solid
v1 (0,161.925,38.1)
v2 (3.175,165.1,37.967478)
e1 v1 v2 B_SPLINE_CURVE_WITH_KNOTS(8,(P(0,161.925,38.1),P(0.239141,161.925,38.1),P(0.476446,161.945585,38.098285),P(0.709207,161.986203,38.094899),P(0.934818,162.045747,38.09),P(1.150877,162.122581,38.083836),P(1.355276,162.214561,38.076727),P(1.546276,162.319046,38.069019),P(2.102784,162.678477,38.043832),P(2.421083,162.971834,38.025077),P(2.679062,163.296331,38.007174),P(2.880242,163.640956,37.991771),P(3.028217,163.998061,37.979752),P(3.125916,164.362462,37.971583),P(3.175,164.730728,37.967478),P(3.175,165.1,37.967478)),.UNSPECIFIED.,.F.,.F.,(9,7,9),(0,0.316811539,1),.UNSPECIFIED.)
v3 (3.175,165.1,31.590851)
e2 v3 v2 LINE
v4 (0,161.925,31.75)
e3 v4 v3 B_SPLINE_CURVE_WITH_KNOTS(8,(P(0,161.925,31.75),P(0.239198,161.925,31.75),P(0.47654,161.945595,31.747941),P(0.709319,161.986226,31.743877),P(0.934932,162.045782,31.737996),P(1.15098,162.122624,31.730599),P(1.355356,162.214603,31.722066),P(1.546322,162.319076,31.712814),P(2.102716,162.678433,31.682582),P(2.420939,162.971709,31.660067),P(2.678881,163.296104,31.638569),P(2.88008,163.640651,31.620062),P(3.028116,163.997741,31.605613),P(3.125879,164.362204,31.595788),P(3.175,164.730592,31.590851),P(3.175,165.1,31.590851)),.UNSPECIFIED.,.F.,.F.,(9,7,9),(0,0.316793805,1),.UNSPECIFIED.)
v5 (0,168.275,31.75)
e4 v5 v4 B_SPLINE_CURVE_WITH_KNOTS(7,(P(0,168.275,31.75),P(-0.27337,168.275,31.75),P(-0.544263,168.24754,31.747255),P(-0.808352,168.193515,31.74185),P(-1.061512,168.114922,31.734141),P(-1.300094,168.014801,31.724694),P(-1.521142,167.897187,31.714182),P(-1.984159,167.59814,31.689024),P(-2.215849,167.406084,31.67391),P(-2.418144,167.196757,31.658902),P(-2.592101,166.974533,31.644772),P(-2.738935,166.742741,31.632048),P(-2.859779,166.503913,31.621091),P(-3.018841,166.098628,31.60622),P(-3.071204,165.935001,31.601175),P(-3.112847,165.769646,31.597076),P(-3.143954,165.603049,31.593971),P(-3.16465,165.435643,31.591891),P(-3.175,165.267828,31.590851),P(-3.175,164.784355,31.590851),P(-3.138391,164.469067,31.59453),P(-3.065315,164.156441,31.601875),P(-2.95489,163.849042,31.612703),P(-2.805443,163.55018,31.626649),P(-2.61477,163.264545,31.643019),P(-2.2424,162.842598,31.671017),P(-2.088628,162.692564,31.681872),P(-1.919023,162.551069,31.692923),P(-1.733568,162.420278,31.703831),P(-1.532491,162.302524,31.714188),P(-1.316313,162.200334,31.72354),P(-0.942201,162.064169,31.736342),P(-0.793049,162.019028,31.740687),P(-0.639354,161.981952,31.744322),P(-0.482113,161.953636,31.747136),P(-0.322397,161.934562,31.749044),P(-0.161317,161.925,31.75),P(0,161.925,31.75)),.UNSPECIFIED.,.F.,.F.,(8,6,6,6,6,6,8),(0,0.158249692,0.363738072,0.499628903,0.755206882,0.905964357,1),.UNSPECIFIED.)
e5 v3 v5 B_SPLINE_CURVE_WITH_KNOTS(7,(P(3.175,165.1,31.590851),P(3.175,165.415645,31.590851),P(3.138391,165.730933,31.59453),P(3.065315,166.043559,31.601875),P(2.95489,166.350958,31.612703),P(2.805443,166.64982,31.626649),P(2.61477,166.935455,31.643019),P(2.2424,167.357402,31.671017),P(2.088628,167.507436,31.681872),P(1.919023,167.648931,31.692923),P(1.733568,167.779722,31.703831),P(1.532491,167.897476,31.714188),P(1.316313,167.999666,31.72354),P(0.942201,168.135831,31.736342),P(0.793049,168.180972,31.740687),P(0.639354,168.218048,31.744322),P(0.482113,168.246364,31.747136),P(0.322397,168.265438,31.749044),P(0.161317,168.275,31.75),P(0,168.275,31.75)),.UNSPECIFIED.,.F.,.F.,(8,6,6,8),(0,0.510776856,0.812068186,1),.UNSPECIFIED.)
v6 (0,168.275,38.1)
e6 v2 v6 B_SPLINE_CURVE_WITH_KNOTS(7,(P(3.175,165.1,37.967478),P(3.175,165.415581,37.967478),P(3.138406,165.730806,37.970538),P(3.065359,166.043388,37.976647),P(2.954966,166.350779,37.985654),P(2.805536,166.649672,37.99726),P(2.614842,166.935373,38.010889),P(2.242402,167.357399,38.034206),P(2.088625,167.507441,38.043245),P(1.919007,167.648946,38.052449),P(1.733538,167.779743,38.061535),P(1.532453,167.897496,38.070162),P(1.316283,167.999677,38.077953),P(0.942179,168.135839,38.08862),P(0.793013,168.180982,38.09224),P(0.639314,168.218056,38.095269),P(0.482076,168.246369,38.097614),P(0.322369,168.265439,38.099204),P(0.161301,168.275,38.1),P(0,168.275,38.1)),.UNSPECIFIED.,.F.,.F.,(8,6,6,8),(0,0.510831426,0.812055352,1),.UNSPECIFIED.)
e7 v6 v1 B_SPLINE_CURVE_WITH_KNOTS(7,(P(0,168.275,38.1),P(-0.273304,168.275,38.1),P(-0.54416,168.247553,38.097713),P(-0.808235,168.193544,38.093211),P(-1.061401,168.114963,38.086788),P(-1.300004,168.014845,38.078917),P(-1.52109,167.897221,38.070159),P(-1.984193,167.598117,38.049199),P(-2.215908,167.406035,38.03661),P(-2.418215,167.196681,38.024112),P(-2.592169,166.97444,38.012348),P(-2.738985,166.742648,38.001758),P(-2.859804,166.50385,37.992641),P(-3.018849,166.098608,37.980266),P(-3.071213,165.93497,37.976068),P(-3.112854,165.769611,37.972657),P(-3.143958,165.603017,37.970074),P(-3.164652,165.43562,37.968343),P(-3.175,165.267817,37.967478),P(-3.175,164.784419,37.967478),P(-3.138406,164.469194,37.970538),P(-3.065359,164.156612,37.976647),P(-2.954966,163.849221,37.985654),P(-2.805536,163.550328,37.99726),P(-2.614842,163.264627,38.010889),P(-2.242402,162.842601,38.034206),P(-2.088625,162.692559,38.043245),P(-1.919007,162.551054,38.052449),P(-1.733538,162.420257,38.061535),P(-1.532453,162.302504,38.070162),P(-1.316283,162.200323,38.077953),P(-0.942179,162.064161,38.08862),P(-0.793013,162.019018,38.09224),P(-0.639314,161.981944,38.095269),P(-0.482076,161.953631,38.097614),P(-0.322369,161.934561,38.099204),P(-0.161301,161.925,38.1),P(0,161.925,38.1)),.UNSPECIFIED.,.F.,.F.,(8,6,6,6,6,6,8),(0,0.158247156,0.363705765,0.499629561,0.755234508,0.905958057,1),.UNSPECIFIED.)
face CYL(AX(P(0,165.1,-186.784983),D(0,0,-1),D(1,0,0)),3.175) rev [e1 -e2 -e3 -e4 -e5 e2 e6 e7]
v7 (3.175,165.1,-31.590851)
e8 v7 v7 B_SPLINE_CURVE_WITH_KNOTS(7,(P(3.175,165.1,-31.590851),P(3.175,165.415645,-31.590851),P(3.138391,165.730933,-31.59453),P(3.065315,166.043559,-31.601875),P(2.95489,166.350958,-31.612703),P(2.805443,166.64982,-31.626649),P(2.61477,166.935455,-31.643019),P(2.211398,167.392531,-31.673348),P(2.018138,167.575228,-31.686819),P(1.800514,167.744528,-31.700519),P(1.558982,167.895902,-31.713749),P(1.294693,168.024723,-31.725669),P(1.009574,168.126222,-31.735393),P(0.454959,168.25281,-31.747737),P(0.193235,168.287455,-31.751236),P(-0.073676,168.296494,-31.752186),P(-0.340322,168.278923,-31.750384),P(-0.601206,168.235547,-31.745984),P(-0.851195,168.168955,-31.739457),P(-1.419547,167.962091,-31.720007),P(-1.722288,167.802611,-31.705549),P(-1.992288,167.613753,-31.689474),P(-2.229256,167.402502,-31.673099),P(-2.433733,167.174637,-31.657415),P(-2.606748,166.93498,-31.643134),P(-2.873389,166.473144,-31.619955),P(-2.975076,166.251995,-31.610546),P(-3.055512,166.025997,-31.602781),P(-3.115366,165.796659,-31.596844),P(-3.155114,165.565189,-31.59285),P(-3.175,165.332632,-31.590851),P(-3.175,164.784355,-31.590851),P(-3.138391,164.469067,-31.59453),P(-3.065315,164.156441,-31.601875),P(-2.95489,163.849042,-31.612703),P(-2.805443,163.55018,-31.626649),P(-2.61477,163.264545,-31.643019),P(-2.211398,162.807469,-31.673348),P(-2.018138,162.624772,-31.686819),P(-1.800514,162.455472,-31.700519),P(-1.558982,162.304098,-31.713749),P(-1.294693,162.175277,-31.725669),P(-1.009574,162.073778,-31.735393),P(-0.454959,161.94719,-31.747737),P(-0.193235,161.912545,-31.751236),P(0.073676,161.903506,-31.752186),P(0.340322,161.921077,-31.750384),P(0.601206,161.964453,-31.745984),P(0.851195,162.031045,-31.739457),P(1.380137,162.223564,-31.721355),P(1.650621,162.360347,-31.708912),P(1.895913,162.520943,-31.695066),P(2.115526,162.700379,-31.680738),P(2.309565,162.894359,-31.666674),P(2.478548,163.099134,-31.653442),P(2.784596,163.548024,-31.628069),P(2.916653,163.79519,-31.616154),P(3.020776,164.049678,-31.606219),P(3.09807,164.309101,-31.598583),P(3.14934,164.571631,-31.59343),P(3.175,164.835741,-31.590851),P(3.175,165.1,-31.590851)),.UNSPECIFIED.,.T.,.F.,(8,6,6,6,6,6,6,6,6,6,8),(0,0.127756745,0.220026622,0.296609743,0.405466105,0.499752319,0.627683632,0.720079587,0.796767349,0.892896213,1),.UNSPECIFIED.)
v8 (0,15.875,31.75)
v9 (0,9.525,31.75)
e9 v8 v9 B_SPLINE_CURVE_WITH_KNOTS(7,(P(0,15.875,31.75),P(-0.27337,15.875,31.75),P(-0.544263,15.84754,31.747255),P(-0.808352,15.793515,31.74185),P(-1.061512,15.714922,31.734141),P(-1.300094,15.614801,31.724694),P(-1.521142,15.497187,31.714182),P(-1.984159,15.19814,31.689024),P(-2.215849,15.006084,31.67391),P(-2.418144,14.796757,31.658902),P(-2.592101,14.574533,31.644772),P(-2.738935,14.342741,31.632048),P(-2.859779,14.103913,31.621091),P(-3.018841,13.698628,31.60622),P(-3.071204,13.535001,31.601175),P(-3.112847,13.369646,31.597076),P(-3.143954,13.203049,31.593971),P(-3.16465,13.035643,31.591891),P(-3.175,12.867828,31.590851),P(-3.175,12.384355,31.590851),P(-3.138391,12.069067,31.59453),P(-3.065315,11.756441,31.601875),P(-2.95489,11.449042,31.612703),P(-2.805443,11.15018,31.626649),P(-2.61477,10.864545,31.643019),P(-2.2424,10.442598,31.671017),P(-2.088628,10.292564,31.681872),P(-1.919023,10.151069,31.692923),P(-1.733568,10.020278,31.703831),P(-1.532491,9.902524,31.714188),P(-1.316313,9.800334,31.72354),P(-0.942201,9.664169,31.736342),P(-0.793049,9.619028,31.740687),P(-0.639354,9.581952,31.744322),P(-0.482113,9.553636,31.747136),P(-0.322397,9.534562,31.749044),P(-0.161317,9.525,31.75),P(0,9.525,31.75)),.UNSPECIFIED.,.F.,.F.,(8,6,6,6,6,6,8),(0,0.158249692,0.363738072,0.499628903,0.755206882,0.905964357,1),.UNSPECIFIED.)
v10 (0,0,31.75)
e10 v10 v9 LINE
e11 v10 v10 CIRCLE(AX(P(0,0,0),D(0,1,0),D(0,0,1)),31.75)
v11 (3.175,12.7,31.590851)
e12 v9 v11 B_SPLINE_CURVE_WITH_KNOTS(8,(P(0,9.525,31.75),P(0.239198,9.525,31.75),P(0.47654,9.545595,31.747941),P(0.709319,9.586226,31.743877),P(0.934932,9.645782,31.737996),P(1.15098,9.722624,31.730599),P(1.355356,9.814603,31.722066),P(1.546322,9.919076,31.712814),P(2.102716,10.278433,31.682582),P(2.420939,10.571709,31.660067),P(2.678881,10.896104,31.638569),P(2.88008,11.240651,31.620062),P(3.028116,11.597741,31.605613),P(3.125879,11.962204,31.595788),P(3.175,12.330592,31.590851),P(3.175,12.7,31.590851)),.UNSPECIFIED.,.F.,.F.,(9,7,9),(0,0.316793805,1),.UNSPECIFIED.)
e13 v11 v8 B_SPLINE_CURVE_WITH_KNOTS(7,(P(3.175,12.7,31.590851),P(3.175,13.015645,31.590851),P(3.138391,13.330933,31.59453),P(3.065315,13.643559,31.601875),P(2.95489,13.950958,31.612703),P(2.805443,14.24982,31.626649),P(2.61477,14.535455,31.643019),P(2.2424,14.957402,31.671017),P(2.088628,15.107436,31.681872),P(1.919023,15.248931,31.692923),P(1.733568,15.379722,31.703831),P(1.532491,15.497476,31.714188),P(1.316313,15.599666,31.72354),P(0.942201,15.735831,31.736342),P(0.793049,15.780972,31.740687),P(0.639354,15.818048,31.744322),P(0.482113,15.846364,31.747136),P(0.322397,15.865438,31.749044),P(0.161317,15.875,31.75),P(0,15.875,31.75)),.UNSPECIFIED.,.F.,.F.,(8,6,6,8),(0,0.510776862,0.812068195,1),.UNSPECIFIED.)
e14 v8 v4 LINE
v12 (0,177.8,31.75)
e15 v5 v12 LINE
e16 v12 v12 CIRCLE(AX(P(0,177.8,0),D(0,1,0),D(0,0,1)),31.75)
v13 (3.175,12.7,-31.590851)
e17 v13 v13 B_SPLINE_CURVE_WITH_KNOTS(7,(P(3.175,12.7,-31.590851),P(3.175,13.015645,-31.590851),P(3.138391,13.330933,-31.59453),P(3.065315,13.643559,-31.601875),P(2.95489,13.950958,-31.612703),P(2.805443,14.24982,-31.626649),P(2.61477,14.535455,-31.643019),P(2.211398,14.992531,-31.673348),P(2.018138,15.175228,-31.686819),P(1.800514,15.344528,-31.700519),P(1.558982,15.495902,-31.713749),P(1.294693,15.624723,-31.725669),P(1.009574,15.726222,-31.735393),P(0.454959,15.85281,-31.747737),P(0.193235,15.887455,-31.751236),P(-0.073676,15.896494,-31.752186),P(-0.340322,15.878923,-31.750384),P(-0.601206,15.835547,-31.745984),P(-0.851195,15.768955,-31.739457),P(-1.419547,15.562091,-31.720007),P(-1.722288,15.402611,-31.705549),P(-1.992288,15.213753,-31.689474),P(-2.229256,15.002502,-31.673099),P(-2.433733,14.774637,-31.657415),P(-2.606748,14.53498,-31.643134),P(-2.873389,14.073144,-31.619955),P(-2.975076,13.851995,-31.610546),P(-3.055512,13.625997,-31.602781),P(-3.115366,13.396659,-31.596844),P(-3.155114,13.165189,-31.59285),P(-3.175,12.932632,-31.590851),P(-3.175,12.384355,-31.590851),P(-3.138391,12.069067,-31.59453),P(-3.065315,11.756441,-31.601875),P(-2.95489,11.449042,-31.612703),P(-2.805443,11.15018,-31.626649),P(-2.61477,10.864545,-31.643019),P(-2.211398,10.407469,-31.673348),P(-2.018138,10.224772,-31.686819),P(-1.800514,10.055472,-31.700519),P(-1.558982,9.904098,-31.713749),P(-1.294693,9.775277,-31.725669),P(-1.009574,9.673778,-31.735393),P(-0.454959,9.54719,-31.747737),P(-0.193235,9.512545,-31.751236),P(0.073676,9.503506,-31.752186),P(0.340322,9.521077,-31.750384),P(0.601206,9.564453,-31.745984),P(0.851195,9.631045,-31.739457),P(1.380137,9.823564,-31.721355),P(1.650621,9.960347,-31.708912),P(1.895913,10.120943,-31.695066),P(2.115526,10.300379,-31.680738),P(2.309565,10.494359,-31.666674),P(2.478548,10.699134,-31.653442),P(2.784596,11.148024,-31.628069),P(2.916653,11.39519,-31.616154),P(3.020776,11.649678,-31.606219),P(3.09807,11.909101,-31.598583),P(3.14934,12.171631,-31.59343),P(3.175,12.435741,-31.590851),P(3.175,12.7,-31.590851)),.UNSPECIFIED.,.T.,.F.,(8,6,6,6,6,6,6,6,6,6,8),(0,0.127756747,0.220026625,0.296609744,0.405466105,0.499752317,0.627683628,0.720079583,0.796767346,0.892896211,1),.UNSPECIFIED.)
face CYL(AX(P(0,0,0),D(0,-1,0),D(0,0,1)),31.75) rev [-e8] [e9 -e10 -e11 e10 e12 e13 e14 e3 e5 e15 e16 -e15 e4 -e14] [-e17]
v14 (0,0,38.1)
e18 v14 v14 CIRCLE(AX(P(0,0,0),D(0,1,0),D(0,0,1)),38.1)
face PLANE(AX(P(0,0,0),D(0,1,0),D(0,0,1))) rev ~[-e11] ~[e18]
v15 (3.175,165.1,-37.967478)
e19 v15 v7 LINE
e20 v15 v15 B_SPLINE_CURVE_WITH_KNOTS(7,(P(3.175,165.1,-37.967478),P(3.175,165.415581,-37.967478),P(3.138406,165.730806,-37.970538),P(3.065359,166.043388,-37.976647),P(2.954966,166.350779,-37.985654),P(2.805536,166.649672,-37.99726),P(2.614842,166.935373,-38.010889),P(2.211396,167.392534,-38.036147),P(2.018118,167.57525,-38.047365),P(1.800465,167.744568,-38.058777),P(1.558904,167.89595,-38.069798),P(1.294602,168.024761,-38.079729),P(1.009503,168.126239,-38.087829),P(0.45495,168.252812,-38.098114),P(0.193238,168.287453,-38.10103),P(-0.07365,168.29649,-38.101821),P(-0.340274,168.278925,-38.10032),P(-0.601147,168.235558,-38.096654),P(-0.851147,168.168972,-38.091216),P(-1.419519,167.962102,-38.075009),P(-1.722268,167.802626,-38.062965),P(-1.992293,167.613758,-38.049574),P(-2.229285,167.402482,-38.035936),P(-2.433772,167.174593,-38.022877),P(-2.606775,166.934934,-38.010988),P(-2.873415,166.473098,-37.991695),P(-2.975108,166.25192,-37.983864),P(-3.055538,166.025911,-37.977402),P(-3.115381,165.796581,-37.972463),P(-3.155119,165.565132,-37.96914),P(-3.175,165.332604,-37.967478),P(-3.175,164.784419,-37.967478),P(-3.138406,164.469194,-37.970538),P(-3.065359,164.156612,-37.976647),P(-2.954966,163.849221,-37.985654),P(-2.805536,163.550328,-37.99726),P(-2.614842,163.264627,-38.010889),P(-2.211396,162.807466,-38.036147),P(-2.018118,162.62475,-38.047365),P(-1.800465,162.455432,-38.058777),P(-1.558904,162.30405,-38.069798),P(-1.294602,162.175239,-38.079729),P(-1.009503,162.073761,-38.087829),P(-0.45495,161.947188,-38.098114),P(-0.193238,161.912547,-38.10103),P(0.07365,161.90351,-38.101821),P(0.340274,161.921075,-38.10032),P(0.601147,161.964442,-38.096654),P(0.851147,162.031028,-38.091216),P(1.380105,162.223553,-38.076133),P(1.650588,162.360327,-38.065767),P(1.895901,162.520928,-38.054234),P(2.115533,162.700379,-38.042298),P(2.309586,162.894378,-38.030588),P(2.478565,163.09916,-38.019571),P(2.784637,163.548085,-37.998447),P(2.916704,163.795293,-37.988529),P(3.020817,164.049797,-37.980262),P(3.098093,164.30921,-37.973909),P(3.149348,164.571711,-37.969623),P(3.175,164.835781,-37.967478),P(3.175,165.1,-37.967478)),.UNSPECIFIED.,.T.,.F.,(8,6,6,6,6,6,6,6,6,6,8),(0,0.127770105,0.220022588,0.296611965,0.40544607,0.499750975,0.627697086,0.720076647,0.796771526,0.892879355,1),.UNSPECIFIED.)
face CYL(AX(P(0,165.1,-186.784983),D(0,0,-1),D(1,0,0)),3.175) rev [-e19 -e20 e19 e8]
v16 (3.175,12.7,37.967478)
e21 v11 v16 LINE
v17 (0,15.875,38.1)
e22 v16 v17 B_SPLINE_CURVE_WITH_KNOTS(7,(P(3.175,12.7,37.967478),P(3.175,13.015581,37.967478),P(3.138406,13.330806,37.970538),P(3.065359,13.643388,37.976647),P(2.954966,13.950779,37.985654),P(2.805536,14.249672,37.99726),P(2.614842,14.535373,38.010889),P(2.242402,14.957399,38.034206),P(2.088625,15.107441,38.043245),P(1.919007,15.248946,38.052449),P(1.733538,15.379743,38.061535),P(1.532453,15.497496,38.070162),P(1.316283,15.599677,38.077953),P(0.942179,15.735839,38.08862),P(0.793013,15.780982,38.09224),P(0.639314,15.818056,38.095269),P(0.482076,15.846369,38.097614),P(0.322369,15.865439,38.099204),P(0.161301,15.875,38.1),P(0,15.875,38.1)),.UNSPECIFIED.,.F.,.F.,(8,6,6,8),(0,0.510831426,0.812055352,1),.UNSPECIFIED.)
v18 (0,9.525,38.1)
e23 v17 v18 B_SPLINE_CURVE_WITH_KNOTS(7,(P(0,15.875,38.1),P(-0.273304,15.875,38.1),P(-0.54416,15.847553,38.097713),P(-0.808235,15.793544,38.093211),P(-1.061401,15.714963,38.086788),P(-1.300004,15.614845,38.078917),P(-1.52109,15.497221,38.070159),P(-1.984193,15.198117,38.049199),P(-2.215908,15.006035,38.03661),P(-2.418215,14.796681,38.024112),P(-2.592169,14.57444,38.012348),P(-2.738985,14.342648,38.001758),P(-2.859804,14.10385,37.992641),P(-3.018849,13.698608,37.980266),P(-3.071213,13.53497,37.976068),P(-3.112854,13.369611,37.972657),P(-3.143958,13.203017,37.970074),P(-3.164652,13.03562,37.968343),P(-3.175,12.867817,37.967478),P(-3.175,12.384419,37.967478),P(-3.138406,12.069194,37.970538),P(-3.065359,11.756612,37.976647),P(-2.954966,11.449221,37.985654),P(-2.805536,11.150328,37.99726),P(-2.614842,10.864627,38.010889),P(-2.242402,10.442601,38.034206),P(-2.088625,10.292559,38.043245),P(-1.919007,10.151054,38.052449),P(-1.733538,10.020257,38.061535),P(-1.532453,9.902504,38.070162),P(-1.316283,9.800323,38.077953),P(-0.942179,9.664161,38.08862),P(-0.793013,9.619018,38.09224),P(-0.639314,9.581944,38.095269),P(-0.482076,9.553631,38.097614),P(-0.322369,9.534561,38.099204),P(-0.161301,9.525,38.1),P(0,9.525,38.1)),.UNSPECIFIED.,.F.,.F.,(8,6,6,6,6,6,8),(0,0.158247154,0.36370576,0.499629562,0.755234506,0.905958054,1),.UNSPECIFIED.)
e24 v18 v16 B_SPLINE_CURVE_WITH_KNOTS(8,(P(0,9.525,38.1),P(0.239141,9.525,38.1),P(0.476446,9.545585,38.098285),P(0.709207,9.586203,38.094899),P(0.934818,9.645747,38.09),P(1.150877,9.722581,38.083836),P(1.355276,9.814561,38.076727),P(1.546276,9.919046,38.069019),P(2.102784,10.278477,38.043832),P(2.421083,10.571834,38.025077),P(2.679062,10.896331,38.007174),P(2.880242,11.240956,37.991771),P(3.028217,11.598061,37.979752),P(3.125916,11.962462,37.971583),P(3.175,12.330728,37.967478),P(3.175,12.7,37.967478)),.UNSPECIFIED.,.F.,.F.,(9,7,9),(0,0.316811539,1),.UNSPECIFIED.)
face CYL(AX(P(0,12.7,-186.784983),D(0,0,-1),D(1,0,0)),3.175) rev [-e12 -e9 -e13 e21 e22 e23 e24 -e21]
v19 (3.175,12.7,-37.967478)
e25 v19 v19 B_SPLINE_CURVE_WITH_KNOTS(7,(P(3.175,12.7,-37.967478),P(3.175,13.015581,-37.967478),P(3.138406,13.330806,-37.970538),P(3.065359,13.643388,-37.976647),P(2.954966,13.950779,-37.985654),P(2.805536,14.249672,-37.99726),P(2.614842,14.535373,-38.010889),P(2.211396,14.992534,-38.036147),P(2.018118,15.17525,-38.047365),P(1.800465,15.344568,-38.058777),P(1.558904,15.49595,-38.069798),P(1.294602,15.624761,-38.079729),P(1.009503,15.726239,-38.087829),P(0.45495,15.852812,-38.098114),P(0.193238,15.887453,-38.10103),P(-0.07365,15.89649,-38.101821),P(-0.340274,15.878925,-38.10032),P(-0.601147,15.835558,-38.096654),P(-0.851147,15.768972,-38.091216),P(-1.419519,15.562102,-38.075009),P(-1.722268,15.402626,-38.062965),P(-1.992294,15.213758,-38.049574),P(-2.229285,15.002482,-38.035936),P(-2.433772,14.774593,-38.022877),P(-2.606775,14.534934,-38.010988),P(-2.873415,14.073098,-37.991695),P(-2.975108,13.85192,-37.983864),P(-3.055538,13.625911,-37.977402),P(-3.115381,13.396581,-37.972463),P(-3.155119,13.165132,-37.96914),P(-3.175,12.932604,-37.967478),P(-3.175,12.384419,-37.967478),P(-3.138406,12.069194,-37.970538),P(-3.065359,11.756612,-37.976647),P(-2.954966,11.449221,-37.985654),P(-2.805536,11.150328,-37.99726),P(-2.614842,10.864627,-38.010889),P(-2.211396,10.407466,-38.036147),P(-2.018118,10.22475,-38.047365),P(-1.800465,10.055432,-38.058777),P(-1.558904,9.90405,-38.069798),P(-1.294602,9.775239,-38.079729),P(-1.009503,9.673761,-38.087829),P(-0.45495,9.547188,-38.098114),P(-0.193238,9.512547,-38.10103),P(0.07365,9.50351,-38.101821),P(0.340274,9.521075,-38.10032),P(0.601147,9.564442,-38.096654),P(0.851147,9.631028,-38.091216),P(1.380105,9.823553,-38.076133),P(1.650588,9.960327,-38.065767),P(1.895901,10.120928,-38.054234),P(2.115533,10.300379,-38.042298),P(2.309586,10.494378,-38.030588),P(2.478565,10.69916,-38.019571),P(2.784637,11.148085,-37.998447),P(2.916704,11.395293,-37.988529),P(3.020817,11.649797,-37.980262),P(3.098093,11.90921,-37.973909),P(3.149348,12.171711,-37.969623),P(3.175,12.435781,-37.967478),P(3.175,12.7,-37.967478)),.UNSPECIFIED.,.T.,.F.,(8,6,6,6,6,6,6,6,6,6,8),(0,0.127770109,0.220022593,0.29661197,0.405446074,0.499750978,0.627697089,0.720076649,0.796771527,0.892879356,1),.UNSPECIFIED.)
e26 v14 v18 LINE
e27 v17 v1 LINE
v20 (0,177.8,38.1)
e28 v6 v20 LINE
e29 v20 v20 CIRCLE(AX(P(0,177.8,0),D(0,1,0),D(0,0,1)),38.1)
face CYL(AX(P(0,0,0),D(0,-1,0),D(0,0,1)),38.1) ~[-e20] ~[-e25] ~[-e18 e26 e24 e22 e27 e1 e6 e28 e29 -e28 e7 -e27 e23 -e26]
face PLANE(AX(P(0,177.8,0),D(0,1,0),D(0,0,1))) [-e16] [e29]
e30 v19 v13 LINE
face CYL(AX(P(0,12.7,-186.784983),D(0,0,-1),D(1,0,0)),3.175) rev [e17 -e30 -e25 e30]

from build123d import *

# Parameters (mm, degrees)
SKETCH1_R               = 38.1
SKETCH1_R_2             = 31.75
BOSS_EXTRUDE1_DEPTH     = 177.8
CUT_EXTRUDE1_DEPTH      = 186.784983247
CUT_EXTRUDE1_DEPTH_BACK = 186.784983247
SKETCH2_R               = 3.175


with BuildPart() as part:
    # Sketch1 → Boss-Extrude1 (new body)
    with BuildSketch(Plane(origin=(0, 0, 0), x_dir=(1, 0, 0), z_dir=(0, 1, 0))):
        with Locations(Location((0, 0, 0), (0, 0, 270))):
            Circle(SKETCH1_R)
        with Locations(Location((0, 0, 0), (0, 0, 270))):
            Circle(SKETCH1_R_2, mode=Mode.SUBTRACT)
    extrude(amount=BOSS_EXTRUDE1_DEPTH)

    # Sketch2 → Cut-Extrude1 (cut, two sides: drawn at the far end of the back side and taken through both)
    with BuildSketch(Plane.XY.offset(-CUT_EXTRUDE1_DEPTH_BACK)):
        with Locations((0, 165.1)):
            Circle(SKETCH2_R)
        with Locations((0, 12.7)):
            Circle(SKETCH2_R)
    extrude(amount=CUT_EXTRUDE1_DEPTH + CUT_EXTRUDE1_DEPTH_BACK, mode=Mode.SUBTRACT)


solid = part.part
